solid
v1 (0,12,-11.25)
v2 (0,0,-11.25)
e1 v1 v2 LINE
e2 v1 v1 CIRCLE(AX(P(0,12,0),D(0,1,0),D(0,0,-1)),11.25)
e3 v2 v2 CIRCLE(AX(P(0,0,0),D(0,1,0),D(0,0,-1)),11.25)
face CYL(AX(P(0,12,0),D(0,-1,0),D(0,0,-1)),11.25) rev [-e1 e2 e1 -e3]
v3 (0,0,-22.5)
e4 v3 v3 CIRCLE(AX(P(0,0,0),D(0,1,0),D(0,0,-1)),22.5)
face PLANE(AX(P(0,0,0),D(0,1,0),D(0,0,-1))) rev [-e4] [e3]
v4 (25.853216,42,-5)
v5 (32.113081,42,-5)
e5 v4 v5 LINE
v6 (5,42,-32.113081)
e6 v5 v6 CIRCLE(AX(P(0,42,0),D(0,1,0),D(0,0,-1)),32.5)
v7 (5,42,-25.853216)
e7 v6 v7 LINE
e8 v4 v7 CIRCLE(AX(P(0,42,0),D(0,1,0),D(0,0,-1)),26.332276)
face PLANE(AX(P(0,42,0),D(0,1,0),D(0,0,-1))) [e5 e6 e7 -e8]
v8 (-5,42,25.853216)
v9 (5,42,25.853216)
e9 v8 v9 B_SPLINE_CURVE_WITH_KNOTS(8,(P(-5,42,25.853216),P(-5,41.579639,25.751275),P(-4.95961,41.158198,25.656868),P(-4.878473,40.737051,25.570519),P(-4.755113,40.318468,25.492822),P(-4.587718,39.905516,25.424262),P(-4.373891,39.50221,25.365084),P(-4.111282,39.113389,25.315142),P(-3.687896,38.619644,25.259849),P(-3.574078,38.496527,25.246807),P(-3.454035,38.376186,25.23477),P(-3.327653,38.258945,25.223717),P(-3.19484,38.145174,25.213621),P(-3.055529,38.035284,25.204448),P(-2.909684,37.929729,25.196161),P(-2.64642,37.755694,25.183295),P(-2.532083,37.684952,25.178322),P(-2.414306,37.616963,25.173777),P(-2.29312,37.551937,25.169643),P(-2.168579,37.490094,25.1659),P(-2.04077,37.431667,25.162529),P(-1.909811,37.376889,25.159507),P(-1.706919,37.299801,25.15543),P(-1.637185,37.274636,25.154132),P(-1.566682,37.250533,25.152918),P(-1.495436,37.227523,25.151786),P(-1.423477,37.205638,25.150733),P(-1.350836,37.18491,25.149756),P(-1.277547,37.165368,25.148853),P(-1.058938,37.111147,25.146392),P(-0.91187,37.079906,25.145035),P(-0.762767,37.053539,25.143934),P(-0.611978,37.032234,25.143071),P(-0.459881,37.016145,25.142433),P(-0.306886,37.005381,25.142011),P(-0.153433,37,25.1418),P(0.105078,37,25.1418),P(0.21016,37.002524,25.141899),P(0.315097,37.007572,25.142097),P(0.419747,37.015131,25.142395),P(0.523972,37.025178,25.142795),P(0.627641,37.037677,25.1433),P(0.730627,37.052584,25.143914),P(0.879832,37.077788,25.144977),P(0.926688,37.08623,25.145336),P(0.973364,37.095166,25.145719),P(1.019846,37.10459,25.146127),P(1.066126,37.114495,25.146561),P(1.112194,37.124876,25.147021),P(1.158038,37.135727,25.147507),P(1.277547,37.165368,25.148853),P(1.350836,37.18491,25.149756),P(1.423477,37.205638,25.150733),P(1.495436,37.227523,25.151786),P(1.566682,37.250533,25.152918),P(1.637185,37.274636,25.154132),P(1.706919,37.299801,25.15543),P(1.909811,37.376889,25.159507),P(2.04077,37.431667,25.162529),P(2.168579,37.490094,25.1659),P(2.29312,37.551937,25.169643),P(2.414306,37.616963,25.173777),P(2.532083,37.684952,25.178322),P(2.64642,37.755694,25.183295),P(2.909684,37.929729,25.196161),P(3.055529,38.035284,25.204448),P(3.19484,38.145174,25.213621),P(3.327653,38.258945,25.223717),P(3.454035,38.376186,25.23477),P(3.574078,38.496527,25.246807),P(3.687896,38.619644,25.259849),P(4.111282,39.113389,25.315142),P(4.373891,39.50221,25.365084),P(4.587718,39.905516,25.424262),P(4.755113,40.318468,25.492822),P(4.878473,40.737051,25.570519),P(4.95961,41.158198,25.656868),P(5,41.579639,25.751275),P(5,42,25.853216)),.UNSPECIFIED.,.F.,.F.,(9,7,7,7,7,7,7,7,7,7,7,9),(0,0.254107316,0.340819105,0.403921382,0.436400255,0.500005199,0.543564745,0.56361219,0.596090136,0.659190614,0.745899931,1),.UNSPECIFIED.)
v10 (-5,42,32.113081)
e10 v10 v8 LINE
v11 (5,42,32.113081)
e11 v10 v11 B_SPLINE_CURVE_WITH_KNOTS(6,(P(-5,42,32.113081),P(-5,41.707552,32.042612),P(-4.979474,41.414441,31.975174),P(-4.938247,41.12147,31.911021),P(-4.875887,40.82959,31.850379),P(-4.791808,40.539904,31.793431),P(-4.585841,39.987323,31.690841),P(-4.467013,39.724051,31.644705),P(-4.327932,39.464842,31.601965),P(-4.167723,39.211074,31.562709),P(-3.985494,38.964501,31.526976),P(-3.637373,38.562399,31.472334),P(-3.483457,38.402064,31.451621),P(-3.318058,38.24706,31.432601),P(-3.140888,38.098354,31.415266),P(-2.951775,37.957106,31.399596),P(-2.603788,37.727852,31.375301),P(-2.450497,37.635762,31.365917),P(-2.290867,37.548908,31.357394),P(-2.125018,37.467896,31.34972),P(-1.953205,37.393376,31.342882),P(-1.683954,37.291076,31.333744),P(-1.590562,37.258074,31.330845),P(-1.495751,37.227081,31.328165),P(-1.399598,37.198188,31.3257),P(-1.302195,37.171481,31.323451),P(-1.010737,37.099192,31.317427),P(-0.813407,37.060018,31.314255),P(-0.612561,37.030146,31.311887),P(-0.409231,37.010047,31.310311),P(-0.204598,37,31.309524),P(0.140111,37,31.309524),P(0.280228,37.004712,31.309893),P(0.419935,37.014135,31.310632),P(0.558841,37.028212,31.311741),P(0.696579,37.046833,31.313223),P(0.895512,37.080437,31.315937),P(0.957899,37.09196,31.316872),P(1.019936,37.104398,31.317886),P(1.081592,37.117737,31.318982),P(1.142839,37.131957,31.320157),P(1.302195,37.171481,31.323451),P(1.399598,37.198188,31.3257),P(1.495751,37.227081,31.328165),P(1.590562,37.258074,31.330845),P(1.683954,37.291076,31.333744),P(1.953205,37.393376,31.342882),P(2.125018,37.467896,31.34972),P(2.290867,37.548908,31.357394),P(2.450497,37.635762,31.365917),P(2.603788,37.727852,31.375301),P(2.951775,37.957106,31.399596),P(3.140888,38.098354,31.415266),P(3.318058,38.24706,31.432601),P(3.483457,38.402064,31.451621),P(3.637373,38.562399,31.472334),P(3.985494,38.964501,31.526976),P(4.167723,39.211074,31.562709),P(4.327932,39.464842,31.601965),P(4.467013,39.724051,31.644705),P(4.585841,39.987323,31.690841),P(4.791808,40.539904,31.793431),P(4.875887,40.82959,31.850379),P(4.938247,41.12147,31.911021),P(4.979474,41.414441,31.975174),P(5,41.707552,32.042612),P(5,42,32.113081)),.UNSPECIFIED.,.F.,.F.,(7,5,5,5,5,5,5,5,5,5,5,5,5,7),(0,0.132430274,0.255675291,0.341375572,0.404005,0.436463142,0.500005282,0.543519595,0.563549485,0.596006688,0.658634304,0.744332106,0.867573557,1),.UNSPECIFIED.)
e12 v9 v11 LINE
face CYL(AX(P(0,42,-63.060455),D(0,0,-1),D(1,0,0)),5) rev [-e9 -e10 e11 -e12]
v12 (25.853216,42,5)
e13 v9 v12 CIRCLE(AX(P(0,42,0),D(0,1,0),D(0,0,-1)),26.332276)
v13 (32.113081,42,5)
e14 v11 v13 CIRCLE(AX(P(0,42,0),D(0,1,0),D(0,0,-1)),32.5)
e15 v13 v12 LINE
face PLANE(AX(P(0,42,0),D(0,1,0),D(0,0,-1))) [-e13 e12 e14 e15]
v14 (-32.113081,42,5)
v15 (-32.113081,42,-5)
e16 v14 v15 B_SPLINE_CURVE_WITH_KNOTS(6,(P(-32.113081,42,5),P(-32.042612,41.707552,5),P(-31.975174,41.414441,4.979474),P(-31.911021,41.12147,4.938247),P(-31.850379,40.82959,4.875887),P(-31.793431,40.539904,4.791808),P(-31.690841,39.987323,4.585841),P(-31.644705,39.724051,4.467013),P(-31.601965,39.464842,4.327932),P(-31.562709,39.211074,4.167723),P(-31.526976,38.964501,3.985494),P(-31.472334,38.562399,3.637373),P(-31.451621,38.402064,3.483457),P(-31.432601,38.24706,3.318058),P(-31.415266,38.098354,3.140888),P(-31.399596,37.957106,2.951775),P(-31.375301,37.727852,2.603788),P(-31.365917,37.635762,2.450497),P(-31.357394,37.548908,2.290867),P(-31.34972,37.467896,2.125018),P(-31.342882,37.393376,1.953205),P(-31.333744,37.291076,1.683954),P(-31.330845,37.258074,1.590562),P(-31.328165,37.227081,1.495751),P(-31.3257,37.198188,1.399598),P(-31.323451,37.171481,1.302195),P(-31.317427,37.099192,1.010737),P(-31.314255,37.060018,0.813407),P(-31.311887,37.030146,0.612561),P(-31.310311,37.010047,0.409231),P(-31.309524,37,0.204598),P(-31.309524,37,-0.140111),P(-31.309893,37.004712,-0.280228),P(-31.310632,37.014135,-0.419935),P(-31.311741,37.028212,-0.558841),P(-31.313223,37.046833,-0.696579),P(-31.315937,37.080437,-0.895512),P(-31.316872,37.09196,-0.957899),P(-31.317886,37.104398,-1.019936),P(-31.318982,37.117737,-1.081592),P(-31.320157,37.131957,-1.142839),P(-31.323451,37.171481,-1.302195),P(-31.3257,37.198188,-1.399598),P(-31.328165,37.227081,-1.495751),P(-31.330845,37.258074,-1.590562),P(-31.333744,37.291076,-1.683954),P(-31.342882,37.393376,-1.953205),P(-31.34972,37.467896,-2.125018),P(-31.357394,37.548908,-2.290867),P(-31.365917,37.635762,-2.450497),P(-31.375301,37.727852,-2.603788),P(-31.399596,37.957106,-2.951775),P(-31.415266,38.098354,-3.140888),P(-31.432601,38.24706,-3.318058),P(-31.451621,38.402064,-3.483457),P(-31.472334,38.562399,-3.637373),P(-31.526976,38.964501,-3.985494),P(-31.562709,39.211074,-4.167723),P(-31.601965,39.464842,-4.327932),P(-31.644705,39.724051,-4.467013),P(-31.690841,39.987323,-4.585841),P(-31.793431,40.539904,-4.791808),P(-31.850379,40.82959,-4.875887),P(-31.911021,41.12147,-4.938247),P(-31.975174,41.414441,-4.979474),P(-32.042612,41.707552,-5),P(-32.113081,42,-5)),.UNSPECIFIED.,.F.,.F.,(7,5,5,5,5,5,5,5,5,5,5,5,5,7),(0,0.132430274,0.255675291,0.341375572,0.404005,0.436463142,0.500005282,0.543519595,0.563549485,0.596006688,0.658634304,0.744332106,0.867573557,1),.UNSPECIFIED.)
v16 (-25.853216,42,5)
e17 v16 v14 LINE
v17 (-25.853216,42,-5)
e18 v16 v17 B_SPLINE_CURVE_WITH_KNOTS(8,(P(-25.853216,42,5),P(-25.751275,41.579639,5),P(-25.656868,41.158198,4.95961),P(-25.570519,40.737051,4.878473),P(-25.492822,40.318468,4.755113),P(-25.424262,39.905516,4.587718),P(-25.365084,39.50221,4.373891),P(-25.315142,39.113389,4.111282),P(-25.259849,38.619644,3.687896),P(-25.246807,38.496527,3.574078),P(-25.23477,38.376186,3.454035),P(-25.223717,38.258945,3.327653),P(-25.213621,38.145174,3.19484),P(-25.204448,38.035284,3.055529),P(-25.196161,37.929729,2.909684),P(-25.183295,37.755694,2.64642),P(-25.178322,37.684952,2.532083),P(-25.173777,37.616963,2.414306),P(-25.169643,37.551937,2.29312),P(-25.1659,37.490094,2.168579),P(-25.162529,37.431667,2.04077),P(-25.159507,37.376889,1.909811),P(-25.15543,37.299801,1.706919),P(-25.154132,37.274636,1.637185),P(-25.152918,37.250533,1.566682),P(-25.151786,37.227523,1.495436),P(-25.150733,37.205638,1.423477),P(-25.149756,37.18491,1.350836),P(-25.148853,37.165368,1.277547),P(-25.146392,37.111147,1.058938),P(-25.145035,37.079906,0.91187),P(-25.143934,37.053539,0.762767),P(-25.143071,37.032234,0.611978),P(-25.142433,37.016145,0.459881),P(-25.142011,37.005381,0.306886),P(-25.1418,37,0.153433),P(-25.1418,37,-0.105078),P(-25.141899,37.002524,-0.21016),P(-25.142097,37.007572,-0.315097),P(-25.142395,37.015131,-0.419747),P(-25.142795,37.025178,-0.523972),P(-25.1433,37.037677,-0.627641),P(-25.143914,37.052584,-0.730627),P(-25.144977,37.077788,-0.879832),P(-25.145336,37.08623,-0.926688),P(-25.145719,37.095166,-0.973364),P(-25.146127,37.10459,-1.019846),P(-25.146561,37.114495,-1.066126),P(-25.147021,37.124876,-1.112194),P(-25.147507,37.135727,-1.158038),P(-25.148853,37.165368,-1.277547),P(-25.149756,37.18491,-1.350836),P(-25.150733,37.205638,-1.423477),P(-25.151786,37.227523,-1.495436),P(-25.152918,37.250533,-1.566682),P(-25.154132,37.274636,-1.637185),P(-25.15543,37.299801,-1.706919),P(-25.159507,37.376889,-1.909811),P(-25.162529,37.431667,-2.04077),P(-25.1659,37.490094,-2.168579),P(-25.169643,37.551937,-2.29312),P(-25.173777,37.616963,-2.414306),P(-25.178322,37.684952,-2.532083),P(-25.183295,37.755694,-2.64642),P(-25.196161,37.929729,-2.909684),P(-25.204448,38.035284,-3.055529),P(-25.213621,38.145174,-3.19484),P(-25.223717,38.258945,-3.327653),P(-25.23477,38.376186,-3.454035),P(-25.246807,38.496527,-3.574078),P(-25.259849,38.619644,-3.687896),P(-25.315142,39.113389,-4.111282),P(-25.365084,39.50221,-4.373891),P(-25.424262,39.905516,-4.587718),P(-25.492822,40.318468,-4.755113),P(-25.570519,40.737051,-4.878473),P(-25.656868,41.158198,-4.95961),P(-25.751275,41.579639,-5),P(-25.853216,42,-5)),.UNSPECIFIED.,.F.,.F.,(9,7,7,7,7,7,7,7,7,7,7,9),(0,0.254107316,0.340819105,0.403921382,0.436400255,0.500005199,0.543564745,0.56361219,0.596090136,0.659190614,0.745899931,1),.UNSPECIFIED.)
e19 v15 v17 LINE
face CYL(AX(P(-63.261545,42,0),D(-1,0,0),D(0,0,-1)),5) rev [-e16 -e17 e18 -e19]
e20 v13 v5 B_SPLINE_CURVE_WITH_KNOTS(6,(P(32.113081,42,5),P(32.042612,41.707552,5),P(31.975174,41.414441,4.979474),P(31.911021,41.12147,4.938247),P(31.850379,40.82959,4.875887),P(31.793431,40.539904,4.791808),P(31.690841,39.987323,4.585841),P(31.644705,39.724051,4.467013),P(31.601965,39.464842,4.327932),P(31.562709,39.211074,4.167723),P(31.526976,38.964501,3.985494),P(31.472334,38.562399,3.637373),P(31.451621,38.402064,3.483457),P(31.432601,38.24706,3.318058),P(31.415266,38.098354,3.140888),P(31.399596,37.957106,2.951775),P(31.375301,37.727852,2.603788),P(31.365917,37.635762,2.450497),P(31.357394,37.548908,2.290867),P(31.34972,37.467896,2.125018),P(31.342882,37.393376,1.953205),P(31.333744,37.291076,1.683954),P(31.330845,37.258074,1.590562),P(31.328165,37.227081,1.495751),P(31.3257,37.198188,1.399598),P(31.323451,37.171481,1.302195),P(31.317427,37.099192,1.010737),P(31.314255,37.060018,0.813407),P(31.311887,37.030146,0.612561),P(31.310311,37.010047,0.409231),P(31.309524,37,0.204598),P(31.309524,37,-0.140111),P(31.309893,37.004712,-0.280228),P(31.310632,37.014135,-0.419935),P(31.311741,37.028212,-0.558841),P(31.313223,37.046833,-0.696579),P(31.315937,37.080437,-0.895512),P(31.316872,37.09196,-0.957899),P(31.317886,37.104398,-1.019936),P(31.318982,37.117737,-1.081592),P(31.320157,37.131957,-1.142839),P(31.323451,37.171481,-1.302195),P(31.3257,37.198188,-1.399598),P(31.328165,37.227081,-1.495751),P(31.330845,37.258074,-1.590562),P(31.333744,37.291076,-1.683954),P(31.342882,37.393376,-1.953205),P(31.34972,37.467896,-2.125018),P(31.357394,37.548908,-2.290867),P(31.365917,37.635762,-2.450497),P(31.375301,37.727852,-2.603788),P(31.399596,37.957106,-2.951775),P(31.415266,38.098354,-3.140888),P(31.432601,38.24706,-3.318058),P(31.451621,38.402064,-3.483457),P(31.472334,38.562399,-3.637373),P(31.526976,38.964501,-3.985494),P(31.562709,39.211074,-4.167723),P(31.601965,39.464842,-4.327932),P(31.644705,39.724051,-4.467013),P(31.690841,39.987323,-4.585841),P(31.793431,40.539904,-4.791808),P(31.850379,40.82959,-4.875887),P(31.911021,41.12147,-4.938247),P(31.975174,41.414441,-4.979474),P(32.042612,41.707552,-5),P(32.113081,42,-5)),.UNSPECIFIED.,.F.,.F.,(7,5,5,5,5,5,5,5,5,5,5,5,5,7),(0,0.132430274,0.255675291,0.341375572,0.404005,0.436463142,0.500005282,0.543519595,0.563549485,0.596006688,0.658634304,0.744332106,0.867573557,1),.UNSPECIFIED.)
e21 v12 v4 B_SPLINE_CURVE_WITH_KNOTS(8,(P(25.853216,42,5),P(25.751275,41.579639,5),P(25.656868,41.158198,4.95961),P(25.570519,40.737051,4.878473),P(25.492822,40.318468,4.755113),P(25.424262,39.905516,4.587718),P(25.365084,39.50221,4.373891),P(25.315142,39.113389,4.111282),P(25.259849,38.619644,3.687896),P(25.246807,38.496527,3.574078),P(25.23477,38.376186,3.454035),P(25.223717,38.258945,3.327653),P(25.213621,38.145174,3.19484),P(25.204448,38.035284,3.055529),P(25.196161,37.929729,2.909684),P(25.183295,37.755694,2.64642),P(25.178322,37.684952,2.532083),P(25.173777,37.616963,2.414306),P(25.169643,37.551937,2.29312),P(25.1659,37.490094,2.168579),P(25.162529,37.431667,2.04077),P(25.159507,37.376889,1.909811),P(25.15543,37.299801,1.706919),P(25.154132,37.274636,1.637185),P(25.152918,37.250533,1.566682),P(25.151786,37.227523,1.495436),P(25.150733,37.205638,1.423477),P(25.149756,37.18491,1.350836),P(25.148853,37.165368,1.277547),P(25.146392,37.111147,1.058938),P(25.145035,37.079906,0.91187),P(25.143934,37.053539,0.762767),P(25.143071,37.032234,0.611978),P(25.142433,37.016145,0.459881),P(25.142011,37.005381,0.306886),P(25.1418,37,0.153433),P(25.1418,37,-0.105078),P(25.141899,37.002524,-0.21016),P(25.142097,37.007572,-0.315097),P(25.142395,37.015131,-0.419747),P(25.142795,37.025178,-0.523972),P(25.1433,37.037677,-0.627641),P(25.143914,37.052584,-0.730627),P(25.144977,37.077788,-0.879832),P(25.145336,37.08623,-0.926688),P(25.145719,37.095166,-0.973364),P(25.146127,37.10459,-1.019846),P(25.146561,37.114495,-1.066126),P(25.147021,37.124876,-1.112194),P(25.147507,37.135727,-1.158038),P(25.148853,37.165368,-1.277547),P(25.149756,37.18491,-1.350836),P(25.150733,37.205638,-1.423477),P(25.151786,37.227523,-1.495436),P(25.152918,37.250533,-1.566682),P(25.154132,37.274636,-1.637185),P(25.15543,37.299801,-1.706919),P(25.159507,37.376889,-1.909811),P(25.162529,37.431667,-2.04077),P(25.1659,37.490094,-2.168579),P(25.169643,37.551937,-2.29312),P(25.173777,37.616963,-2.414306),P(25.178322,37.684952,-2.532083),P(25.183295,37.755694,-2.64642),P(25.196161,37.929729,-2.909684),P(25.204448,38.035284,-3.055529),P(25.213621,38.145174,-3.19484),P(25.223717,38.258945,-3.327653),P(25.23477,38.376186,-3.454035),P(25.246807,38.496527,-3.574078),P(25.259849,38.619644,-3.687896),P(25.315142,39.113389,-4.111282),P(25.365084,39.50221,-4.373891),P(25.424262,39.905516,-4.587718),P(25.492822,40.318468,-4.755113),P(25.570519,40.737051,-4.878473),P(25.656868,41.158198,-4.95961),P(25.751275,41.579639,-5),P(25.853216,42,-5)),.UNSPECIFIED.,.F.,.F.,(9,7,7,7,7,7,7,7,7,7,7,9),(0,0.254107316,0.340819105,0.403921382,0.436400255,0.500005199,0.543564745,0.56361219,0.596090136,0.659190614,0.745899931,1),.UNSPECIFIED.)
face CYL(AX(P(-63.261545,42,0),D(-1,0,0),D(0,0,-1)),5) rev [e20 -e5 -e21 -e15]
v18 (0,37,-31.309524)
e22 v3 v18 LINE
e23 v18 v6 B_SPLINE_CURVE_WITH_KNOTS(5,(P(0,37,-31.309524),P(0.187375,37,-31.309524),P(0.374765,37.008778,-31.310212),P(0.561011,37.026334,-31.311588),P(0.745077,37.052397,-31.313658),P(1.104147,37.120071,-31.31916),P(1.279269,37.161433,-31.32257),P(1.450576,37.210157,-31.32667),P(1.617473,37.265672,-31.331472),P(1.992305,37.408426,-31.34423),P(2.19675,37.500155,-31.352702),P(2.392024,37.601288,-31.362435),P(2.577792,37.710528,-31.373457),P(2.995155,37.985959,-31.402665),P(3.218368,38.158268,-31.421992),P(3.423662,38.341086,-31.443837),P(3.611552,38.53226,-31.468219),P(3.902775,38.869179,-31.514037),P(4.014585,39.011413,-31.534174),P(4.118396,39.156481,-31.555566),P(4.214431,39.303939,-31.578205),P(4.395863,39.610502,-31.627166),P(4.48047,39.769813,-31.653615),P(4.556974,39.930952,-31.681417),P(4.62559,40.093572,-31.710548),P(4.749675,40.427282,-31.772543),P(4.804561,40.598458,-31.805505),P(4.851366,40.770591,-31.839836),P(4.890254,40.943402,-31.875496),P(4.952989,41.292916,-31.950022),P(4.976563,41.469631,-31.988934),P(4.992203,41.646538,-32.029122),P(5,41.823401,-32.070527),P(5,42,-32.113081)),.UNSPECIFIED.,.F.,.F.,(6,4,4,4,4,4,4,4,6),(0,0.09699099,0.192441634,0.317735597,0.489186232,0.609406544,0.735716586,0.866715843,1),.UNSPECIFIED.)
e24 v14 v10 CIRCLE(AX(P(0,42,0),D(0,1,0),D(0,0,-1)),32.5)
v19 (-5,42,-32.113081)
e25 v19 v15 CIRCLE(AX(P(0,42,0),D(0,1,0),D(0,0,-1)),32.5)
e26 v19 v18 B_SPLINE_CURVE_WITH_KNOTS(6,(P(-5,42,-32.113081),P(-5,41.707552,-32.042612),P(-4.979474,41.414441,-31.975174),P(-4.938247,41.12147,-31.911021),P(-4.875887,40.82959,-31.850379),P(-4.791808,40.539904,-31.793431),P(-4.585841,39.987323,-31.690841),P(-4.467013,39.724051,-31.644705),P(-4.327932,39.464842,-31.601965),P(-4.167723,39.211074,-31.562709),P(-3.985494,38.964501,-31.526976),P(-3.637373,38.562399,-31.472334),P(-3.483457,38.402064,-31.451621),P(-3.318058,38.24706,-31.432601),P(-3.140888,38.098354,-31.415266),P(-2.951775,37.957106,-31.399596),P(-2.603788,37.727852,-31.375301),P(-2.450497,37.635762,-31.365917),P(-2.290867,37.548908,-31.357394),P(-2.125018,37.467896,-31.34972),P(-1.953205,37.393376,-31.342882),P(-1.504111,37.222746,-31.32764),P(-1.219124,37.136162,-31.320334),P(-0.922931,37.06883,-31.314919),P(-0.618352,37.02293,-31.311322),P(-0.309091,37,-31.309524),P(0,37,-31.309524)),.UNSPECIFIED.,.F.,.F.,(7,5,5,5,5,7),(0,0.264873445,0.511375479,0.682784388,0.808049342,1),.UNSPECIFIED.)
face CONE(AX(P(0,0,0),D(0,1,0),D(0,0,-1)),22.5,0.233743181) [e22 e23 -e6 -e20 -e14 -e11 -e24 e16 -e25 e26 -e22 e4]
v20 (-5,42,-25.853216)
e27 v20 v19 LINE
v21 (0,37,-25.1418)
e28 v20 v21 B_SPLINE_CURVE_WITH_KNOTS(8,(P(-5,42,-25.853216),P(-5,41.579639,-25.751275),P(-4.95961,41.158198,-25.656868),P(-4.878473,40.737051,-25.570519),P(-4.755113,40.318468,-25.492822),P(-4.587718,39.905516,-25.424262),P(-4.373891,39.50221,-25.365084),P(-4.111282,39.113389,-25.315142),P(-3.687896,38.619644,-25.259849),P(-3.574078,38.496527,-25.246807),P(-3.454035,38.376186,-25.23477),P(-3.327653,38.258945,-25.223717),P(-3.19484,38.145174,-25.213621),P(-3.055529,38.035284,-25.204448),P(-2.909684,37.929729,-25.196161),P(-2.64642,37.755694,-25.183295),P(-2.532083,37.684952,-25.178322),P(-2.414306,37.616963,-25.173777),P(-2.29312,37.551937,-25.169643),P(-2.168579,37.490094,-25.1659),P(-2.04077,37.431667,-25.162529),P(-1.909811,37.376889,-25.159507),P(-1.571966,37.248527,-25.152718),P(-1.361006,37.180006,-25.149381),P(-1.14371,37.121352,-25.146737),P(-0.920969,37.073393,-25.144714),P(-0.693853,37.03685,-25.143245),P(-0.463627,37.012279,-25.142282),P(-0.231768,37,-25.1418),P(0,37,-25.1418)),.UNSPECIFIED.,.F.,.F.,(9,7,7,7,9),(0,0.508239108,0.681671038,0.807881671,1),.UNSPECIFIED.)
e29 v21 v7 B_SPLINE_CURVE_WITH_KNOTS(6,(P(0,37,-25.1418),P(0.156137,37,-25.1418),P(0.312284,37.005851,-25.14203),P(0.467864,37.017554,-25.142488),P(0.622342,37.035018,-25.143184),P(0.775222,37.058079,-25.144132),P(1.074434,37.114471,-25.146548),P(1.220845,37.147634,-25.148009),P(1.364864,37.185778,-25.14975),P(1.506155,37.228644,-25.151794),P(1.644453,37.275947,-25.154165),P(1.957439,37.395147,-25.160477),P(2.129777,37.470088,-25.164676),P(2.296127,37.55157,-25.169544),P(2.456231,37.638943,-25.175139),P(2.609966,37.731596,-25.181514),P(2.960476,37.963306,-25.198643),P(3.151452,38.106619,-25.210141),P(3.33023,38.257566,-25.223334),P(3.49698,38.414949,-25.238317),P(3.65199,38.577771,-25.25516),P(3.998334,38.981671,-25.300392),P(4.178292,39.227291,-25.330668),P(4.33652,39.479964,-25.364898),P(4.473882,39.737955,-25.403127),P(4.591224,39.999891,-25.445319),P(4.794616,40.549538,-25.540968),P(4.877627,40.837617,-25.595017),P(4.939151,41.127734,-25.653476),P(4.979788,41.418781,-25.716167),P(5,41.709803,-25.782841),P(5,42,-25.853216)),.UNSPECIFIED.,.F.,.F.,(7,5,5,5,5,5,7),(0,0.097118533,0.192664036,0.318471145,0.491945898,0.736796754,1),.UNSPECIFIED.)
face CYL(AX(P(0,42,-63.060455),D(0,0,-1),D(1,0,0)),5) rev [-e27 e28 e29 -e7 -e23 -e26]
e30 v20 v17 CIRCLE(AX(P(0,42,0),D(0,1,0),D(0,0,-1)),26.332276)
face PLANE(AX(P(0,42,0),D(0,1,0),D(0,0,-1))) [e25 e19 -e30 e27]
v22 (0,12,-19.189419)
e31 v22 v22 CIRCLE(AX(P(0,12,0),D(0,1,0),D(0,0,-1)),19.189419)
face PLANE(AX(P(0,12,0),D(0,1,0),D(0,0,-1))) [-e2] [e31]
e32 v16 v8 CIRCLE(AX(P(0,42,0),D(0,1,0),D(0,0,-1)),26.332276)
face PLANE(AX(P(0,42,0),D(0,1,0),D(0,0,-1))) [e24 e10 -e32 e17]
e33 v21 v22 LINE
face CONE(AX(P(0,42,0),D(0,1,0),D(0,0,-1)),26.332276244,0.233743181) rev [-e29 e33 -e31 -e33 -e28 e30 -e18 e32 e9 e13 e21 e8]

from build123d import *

# Parameters (mm, degrees)
CUT_EXTRUDE1_DEPTH      = 63.261545114
CUT_EXTRUDE1_DEPTH_BACK = 63.261545114
SKETCH3_R               = 5
CUT_EXTRUDE2_DEPTH      = 63.060454569
CUT_EXTRUDE2_DEPTH_BACK = 63.060454569
SKETCH4_R               = 5


with BuildPart() as part:
    # Sketch2 → Revolve1 (revolve)
    with BuildSketch(Plane.XY, mode=Mode.PRIVATE) as revolve1_sk:
        Polygon((11.25, 0), (22.5, 0), (32.5, 42), (26.332276244, 42), (19.189419101, 12), (11.25, 12), align=None)
    revolve(revolve1_sk.sketch.rotate(Axis((0, 0, 0), (0, 1, 0)), 90), axis=Axis((0, 0, 0), (0, 1, 0)))

    # Sketch3 → Cut-Extrude1 (cut, two sides: drawn at the far end of the back side and taken through both)
    with BuildSketch(Plane(origin=(0, 0, 0), x_dir=(0, 0, -1), z_dir=(1, 0, 0)).offset(-CUT_EXTRUDE1_DEPTH_BACK)):
        with Locations((0, 42)):
            Circle(SKETCH3_R)
    extrude(amount=CUT_EXTRUDE1_DEPTH + CUT_EXTRUDE1_DEPTH_BACK, mode=Mode.SUBTRACT)

    # Sketch4 → Cut-Extrude2 (cut, two sides: drawn at the far end of the back side and taken through both)
    with BuildSketch(Plane.XY.offset(-CUT_EXTRUDE2_DEPTH_BACK)):
        with Locations((0, 42)):
            Circle(SKETCH4_R)
    extrude(amount=CUT_EXTRUDE2_DEPTH + CUT_EXTRUDE2_DEPTH_BACK, mode=Mode.SUBTRACT)


solid = part.part
